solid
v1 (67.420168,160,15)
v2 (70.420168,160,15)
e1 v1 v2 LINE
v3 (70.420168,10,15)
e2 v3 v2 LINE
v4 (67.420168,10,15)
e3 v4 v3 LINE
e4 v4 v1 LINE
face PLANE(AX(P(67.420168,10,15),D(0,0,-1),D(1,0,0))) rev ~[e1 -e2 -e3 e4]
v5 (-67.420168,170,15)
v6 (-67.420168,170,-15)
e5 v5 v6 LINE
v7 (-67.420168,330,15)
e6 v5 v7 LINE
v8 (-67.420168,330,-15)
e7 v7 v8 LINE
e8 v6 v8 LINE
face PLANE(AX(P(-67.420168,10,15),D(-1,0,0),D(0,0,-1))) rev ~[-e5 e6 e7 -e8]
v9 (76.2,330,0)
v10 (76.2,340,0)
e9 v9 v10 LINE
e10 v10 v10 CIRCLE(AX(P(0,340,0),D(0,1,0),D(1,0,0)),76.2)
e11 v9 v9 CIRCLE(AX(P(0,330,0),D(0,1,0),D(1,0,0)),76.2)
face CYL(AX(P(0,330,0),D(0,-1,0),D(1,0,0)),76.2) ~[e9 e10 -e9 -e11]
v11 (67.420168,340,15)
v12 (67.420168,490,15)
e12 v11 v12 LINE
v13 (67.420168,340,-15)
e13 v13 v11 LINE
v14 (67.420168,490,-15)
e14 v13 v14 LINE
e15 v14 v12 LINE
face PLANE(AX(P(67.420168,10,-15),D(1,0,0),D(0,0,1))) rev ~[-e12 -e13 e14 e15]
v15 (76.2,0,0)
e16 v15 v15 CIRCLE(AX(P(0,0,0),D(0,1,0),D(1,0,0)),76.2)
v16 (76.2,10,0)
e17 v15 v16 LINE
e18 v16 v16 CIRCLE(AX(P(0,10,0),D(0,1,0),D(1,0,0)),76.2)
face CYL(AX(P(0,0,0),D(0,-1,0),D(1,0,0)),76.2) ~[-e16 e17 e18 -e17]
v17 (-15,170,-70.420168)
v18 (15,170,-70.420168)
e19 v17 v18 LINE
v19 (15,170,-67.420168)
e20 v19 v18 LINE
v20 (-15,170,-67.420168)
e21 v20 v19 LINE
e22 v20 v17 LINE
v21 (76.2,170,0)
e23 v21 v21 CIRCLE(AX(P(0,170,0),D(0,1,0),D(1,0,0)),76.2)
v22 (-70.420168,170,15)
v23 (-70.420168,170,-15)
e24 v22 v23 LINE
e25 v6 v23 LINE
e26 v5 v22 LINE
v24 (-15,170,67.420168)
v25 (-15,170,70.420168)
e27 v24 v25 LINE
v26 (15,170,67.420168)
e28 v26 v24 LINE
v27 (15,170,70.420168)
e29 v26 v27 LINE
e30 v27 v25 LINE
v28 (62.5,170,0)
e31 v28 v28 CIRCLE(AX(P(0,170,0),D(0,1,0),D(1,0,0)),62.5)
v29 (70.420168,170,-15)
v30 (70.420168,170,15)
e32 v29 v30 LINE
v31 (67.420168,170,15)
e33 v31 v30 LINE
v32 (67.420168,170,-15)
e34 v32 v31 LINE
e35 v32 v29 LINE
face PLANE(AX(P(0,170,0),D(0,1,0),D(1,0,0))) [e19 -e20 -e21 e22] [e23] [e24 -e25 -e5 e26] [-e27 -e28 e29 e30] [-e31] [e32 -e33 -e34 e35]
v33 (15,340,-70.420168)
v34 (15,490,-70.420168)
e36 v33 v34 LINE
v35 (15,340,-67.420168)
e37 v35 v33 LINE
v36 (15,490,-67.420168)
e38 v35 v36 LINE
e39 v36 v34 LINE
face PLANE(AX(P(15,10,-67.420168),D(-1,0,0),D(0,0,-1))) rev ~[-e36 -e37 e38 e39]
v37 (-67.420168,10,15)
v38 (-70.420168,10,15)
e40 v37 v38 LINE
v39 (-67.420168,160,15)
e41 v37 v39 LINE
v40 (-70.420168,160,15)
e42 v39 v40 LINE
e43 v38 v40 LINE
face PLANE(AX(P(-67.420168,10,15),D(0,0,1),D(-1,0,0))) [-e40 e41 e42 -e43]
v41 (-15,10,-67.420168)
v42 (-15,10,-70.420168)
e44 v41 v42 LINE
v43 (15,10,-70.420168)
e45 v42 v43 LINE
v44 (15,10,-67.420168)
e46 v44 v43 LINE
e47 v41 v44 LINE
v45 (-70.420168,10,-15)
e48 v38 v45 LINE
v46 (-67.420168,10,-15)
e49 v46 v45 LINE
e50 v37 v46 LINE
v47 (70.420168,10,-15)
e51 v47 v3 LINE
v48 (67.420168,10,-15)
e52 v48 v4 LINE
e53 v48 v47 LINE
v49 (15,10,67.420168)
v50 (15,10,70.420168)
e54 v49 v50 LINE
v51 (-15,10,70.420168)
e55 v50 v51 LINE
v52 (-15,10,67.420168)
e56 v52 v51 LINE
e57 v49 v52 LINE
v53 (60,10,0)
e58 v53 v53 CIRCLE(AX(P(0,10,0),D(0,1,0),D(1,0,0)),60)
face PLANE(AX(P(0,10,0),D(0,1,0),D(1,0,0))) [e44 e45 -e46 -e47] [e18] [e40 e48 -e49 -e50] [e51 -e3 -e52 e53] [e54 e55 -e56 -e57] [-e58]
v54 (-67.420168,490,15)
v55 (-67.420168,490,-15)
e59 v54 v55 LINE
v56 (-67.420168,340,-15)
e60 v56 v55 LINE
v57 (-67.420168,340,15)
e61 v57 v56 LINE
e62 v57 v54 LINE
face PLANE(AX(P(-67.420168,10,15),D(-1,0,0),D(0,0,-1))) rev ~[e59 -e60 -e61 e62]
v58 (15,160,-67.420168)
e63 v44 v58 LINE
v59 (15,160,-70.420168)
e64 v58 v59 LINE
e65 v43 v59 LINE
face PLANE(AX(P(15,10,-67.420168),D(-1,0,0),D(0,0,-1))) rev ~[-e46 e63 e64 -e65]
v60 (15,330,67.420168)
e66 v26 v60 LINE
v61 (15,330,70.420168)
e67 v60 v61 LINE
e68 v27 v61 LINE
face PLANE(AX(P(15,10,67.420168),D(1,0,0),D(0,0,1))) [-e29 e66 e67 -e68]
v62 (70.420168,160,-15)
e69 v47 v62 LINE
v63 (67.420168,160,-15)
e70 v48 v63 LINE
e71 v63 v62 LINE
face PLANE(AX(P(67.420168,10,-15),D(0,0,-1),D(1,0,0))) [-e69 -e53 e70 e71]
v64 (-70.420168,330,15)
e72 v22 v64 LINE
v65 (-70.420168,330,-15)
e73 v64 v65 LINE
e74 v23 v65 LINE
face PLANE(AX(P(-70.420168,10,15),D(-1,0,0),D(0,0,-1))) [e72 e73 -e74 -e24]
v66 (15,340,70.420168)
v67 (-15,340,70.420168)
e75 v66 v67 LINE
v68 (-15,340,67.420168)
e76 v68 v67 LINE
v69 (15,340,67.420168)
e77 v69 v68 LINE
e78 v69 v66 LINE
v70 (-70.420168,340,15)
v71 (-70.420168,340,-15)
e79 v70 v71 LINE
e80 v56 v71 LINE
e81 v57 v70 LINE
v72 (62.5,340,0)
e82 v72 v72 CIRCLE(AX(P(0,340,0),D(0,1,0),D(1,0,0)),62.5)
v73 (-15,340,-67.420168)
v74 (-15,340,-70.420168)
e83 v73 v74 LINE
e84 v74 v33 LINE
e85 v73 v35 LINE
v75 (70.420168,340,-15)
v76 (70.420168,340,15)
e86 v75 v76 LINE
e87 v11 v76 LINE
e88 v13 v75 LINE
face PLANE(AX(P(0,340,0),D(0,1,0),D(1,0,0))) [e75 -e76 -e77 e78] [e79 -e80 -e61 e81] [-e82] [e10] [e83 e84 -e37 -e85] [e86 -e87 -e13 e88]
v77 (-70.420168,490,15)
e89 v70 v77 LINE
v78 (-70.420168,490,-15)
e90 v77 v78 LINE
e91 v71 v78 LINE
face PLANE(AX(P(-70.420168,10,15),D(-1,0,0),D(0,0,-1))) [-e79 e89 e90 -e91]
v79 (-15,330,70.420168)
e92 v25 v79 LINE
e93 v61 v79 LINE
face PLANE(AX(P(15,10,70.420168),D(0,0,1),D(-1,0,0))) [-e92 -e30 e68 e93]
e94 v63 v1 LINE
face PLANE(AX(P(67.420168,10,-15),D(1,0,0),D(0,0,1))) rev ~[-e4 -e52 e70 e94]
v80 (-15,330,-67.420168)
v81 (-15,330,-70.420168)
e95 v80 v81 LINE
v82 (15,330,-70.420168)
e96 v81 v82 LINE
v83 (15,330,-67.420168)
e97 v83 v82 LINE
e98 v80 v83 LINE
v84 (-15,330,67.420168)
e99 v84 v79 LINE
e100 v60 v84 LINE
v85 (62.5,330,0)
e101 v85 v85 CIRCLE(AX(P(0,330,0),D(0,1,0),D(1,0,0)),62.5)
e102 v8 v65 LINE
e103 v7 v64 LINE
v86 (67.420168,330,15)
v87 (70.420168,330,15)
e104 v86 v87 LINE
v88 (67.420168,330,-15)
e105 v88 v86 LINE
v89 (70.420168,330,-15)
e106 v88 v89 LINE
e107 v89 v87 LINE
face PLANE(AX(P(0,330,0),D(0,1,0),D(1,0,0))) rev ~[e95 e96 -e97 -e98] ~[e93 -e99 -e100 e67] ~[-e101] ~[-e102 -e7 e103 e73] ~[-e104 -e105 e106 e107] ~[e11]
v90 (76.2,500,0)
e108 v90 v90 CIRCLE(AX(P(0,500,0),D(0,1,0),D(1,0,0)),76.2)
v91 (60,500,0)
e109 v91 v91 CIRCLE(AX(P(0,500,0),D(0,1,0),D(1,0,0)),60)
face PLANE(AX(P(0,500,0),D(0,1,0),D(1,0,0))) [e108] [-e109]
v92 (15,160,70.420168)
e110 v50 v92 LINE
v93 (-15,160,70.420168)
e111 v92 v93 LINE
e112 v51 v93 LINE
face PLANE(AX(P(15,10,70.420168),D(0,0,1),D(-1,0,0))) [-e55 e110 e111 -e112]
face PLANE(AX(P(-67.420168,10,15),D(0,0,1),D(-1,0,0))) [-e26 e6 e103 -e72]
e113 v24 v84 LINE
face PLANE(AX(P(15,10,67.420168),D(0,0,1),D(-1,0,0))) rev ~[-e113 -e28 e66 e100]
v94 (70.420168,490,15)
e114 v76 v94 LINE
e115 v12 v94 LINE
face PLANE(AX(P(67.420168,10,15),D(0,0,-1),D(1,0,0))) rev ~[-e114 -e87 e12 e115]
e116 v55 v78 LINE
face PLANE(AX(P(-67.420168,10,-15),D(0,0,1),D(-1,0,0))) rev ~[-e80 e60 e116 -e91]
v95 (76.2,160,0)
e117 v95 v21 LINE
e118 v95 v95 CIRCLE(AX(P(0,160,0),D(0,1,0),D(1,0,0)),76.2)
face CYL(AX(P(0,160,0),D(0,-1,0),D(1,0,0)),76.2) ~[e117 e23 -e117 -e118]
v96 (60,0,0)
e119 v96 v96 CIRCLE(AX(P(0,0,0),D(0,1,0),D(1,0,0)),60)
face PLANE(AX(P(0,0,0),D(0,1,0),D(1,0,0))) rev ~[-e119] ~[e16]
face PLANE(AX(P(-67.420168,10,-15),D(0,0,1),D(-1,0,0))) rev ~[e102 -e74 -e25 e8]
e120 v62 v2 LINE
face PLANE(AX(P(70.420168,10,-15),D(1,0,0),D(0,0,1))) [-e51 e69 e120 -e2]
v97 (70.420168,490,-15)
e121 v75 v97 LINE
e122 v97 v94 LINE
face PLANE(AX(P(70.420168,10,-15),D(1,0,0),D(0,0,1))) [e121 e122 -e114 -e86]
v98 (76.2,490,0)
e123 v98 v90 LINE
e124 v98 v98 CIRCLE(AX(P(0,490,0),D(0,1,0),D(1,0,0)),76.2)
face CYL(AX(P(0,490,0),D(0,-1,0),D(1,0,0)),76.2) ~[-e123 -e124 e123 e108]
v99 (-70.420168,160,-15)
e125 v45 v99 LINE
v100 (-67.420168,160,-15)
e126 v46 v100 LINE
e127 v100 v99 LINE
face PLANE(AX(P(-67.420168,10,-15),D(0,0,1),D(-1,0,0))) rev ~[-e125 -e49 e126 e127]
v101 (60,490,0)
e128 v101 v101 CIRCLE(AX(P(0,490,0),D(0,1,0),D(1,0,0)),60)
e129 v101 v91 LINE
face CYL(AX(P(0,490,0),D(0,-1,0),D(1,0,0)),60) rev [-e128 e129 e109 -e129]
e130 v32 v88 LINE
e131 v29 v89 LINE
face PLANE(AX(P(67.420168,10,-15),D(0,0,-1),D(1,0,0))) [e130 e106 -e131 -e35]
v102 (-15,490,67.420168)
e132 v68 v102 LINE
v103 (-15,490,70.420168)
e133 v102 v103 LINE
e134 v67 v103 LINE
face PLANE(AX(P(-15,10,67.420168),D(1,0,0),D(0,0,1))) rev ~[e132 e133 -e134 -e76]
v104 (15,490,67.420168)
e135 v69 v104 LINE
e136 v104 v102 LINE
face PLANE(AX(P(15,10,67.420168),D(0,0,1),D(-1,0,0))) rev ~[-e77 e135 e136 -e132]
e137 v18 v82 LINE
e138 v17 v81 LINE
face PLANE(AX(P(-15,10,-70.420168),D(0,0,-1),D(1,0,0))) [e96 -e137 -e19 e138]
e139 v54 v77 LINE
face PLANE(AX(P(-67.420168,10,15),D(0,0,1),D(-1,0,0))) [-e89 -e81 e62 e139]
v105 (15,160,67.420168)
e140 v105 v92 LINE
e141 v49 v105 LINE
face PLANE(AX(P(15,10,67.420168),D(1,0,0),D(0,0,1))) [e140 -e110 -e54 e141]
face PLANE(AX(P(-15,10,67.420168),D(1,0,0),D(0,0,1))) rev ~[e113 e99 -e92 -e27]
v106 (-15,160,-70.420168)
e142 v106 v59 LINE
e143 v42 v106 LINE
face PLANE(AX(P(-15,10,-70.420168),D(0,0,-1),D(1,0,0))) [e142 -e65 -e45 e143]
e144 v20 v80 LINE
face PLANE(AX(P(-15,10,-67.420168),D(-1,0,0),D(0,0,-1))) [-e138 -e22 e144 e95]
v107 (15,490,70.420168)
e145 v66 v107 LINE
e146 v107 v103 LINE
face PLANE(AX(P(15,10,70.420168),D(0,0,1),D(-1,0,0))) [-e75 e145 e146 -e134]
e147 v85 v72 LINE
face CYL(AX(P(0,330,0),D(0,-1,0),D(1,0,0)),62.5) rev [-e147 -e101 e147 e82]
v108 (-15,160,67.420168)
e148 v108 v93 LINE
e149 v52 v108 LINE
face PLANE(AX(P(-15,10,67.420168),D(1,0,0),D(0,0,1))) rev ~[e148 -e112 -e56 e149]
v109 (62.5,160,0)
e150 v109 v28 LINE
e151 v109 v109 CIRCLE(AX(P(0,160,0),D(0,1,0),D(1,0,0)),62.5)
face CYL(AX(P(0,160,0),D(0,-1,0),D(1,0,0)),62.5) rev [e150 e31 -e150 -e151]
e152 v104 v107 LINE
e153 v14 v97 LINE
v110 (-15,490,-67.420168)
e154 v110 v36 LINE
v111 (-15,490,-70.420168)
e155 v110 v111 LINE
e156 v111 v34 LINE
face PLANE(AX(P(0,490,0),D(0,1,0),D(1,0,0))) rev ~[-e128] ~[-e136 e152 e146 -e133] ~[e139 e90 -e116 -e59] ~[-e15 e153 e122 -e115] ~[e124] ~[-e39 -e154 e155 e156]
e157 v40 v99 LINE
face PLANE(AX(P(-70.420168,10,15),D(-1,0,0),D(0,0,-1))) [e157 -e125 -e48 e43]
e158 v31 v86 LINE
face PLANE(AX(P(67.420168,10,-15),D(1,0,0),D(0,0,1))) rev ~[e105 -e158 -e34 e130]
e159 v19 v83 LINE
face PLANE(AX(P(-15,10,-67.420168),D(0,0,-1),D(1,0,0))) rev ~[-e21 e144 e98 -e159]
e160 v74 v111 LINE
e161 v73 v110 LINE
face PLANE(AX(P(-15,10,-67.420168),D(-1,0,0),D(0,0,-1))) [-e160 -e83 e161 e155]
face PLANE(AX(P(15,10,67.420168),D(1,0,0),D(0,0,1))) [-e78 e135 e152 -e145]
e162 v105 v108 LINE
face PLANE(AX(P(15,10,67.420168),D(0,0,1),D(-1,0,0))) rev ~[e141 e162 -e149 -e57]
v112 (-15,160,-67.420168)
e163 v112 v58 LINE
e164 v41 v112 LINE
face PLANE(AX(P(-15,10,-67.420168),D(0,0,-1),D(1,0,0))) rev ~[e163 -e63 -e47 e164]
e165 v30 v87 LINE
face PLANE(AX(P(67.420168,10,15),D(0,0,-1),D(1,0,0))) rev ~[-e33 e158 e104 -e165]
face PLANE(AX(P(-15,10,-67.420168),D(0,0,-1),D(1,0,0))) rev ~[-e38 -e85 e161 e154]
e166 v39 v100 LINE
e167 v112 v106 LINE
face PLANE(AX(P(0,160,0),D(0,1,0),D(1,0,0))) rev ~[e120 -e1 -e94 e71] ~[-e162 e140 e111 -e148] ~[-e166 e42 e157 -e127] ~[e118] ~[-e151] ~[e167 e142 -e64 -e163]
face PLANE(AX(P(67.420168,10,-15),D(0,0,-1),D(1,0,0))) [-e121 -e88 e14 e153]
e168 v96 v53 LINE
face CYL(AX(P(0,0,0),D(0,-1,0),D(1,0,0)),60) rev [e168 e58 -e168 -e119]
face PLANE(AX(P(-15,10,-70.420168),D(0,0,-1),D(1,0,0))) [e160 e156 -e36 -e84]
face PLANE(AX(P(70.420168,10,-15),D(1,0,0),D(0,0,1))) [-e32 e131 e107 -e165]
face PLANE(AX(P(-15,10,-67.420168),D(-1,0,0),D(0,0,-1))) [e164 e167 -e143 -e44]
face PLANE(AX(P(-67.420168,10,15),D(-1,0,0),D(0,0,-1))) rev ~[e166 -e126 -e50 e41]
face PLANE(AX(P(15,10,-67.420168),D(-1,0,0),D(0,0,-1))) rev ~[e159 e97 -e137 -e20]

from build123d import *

# Parameters (mm, degrees)
ESQUISSE1_R                  = 76.2
ESQUISSE1_R_2                = 60
BOSS_EXTRU_1_DEPTH           = 10
ESQUISSE2_W                  = 30
ESQUISSE2_H                  = 3
BOSS_EXTRU_2_DEPTH           = 480
R_P_TITION_CIRCULAIRE1_COUNT = 4
R_P_TITION_LIN_AIRE1_COUNT   = 2
R_P_TITION_LIN_AIRE1_PITCH   = 490
ESQUISSE5_R                  = 76.2
ESQUISSE5_R_2                = 62.5
BOSS_EXTRU_3_DEPTH           = 10
R_P_TITION_LIN_AIRE2_COUNT   = 2
R_P_TITION_LIN_AIRE2_PITCH   = 170


with BuildPart() as part:
    # Esquisse1 → Boss.-Extru.1 (new body)
    with BuildSketch(Plane(origin=(0, 0, 0), x_dir=(1, 0, 0), z_dir=(0, 1, 0))):
        Circle(ESQUISSE1_R)
        Circle(ESQUISSE1_R_2, mode=Mode.SUBTRACT)
    boss_extru_1 = extrude(amount=BOSS_EXTRU_1_DEPTH)

    # Esquisse2 → Boss.-Extru.2 (add)
    with BuildSketch(Plane(origin=(0, 10, 0), x_dir=(1, 0, 0), z_dir=(0, 1, 0))):
        with Locations((0, 68.920167566)):
            Rectangle(ESQUISSE2_W, ESQUISSE2_H)
    boss_extru_2 = extrude(amount=BOSS_EXTRU_2_DEPTH)

    # Répétition circulaire1: Boss.-Extru.2 ×4 about axis
    r_p_tition_circulaire1_axis = Axis((0, 0, 0), (0, 1, 0))
    for i in range(1, R_P_TITION_CIRCULAIRE1_COUNT):
        add(boss_extru_2.rotate(r_p_tition_circulaire1_axis, i * 360 / R_P_TITION_CIRCULAIRE1_COUNT))

    # Répétition linéaire1: Boss.-Extru.1 ×2
    with Locations(*[(0, i * R_P_TITION_LIN_AIRE1_PITCH, 0) for i in range(1, R_P_TITION_LIN_AIRE1_COUNT)]):
        add(boss_extru_1)

    # Esquisse5 → Boss.-Extru.3 (add)
    with BuildSketch(Plane(origin=(0, 160, 0), x_dir=(1, 0, 0), z_dir=(0, 1, 0))):
        Circle(ESQUISSE5_R)
        Circle(ESQUISSE5_R_2, mode=Mode.SUBTRACT)
    boss_extru_3 = extrude(amount=BOSS_EXTRU_3_DEPTH)

    # Répétition linéaire2: Boss.-Extru.3 ×2
    with Locations(*[(0, i * R_P_TITION_LIN_AIRE2_PITCH, 0) for i in range(1, R_P_TITION_LIN_AIRE2_COUNT)]):
        add(boss_extru_3)


solid = part.part
